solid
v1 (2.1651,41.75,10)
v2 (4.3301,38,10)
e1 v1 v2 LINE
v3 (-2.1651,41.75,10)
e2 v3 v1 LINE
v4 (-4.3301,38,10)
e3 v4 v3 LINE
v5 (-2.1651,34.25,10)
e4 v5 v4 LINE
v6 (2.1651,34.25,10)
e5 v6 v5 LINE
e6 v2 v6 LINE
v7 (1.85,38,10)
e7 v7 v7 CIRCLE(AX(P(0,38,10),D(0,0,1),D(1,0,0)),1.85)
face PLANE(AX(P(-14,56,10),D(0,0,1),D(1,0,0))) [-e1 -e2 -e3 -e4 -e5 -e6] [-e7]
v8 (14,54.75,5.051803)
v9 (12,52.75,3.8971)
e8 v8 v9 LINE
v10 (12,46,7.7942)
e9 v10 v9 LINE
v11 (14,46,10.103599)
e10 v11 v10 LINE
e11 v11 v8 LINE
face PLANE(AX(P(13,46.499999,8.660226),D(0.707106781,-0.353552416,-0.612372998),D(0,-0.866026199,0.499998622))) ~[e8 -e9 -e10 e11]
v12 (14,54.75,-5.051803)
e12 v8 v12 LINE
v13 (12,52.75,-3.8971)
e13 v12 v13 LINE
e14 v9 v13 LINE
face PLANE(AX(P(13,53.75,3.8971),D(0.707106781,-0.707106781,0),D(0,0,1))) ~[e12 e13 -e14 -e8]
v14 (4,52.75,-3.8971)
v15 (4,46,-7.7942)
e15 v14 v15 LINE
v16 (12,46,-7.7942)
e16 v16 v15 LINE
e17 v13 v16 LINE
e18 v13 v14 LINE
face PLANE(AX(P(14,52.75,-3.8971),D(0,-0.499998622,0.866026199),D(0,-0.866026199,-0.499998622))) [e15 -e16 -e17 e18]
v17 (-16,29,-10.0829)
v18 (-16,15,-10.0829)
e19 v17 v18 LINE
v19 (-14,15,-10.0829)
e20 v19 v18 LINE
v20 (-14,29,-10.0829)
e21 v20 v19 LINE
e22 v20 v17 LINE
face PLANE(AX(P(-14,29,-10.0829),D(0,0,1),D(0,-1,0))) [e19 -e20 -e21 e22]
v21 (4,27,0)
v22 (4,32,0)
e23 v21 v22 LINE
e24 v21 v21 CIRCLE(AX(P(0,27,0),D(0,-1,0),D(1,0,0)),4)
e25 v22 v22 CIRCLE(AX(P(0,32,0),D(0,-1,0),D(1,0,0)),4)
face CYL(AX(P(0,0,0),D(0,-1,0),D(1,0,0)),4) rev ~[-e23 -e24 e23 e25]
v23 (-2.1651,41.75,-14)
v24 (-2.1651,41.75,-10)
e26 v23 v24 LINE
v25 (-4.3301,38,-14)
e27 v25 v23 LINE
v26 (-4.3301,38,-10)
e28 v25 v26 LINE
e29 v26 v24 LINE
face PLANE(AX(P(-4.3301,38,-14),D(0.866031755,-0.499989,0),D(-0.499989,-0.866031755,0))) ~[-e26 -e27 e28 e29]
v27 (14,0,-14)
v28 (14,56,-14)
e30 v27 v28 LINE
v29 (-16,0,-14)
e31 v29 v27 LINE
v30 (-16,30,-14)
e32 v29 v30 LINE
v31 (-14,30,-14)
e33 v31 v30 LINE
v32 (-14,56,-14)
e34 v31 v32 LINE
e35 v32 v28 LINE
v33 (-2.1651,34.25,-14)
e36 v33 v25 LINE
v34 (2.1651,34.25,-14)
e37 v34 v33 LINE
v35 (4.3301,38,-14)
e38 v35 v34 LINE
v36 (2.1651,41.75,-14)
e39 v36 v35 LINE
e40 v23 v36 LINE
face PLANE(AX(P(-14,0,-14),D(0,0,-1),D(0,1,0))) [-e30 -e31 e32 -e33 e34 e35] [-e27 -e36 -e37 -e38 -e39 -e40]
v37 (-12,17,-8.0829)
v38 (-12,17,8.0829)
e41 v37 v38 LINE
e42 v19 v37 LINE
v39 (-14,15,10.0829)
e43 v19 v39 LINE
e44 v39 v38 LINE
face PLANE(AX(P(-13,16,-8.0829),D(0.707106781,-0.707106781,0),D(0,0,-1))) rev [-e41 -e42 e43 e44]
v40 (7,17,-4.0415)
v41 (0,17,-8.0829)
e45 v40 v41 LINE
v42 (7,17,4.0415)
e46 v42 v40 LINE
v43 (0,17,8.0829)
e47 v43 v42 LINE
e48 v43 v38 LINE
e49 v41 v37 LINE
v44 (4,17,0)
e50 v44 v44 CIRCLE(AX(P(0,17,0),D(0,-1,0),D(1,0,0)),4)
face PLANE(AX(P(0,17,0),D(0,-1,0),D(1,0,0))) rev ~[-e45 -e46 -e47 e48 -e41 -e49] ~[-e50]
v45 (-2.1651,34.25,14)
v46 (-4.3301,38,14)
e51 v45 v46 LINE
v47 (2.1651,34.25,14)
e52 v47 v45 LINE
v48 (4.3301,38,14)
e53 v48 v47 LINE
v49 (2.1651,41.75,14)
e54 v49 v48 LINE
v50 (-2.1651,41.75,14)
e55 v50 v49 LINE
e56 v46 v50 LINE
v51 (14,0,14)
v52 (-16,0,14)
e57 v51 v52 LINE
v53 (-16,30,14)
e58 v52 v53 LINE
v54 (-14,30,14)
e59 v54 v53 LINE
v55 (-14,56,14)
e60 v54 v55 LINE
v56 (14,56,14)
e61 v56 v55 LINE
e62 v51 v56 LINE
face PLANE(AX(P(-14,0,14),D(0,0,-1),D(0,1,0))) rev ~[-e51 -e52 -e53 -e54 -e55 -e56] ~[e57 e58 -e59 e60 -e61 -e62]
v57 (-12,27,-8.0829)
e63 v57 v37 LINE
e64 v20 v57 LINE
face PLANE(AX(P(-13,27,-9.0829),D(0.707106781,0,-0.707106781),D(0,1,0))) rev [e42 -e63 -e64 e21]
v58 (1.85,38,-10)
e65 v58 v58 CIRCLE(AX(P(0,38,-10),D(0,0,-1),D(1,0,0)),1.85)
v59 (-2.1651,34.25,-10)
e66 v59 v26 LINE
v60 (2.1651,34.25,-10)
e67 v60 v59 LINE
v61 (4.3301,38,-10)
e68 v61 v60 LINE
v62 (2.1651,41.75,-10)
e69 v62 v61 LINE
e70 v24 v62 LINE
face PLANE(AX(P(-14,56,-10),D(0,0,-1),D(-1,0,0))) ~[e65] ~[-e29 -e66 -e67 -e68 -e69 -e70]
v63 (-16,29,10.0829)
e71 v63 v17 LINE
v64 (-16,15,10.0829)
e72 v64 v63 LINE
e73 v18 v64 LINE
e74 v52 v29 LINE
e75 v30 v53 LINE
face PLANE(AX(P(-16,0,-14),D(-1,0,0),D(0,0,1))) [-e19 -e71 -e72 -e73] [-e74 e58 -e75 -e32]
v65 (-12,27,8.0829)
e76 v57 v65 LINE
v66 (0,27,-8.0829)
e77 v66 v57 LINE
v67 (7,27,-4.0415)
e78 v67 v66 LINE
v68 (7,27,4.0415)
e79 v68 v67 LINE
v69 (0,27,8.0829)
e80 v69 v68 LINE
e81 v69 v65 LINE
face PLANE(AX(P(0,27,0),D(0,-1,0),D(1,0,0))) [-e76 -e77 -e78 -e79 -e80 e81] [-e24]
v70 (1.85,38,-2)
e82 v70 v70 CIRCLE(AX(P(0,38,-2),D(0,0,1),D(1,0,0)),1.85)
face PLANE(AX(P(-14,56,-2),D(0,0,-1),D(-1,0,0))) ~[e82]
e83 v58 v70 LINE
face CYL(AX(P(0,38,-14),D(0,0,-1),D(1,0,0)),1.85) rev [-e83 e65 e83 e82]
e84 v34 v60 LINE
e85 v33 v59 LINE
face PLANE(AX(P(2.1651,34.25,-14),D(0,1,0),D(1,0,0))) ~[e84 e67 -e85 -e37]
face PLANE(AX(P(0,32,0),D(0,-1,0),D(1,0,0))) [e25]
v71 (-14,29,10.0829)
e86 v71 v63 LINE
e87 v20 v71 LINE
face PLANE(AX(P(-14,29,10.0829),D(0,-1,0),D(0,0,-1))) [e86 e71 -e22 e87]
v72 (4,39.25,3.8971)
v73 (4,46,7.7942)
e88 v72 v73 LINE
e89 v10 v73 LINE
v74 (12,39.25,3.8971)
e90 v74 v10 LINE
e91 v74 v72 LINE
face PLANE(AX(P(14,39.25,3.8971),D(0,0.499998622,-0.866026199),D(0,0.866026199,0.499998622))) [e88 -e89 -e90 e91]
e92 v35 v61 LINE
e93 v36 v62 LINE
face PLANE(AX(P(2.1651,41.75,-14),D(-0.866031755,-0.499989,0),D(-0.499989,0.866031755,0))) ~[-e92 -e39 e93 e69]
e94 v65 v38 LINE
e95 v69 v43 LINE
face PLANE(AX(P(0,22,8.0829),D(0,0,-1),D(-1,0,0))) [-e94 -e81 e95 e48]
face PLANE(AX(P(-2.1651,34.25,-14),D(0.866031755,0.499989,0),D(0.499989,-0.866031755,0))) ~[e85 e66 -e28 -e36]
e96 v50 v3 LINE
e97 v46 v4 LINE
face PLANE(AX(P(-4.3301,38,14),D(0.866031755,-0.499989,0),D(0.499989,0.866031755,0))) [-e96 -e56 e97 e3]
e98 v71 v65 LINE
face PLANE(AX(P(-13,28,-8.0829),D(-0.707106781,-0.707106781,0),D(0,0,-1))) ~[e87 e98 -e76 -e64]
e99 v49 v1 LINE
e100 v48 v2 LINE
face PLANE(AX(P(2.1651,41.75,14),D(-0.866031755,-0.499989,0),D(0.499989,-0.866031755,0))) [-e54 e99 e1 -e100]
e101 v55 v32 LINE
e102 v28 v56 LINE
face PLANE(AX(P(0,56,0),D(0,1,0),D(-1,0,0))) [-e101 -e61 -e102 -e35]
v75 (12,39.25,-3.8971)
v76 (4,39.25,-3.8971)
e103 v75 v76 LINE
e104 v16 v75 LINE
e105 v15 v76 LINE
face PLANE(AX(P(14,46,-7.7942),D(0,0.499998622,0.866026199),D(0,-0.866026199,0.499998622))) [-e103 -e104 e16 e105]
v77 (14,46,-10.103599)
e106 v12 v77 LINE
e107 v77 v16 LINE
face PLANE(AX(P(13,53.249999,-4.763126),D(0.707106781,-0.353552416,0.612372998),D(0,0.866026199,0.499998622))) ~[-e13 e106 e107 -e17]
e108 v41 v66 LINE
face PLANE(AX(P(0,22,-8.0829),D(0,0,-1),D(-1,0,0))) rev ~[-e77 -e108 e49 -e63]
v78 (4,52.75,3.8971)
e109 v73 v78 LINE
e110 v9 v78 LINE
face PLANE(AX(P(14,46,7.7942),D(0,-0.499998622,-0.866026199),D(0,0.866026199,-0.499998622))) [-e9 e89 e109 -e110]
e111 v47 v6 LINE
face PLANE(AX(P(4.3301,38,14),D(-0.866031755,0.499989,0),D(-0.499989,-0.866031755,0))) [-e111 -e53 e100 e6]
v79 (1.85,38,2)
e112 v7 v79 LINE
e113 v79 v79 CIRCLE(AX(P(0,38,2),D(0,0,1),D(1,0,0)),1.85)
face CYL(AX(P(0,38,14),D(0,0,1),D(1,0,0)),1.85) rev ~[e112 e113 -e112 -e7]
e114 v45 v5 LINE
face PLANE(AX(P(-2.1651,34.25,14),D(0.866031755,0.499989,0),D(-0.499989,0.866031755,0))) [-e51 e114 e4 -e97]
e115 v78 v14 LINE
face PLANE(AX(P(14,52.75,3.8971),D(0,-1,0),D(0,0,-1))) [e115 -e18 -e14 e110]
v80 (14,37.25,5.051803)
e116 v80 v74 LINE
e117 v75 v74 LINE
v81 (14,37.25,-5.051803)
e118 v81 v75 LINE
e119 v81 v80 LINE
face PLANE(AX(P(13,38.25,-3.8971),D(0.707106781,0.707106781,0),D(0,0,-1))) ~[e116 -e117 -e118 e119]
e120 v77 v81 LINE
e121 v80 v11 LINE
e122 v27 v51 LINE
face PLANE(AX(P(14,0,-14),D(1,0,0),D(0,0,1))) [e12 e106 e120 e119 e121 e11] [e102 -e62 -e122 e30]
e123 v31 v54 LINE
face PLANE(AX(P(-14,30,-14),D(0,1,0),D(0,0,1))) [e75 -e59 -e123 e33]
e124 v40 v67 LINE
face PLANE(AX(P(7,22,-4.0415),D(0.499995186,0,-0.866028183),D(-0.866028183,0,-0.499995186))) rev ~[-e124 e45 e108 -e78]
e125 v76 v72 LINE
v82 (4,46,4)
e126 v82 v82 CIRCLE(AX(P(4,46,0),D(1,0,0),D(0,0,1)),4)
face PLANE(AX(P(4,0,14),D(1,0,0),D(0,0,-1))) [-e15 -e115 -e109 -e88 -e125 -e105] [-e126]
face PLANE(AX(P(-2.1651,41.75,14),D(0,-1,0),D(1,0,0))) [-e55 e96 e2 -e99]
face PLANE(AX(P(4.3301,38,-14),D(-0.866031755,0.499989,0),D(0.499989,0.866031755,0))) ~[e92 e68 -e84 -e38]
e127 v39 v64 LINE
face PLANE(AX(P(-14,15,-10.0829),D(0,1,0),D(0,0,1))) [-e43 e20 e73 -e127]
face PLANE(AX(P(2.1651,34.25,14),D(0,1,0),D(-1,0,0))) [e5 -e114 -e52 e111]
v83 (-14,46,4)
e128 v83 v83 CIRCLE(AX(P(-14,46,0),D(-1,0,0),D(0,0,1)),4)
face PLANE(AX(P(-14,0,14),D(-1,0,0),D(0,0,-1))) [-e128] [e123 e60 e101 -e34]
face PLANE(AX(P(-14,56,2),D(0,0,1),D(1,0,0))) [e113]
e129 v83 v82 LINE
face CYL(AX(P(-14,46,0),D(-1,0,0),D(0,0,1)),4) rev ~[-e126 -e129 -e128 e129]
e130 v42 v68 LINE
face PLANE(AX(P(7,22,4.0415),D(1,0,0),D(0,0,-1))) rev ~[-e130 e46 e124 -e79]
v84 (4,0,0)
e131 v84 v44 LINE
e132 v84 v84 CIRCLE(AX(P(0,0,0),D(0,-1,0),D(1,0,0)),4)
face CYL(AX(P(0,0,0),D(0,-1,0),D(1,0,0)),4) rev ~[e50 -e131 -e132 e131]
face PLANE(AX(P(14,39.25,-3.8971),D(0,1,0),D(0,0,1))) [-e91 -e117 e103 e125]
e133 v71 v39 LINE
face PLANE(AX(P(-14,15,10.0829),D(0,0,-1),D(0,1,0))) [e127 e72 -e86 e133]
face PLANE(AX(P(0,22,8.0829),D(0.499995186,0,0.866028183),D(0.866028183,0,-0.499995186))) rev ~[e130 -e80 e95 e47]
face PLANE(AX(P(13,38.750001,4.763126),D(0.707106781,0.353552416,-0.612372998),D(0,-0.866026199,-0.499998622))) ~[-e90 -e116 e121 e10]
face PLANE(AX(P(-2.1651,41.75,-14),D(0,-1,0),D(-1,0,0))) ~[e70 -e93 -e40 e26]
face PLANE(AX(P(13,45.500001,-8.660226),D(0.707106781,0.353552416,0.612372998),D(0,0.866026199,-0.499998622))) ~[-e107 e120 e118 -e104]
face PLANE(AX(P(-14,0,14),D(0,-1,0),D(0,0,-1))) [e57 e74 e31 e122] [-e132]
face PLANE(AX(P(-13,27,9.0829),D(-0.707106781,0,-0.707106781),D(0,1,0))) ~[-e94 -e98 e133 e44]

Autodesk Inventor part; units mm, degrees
ref_plane "YZ Plane" through (0, 0, 0) normal (1, 0, 0) x (0, 1, 0)
ref_plane "XZ Plane" through (0, 0, 0) normal (0, 1, 0) x (-1, 0, 0)
ref_plane "XY Plane" through (0, 0, 0) normal (0, 0, 1) x (1, 0, 0)
sketch "Эскиз1" plane through (0, 0, 0) normal (0, 1, 0) x (-1, 0, 0)
  line L0 (-14, 14) -> (14, 14)
  line L1 (14, 14) -> (14, -14)
  line L2 (14, -14) -> (-14, -14)
  line L3 (-14, -14) -> (-14, 14)
  line L4 (-14, 14) -> (14, -14) construction
  line L5 (14, 14) -> (-14, -14) construction
  point P0 (0, 0)
  dimension "d0" = 28
  dimension "d1" = 28
extrude "Выдавливание1" add sketch "Эскиз1" along normal blind 56
sketch "Эскиз2" plane through (0, 0, 0) normal (0, -1, 0) x (1, 0, 0)
  circle A0 centre (0, 0) radius 4
extrude "Выдавливание2" cut sketch "Эскиз2" against normal blind 32
sketch "Эскиз3" plane through (-14, 0, -14) normal (-1, 0, 0) x (0, 0, 1)
  circle A0 centre (14, 46) radius 4 projected
  point P0 (14, 0)
extrude "Выдавливание3" cut sketch "Эскиз3" against normal through all
sketch "Эскиз4" plane through (14, 0, 14) normal (1, 0, 0) x (0, 0, -1)
  circle A0 centre (14, 46) radius 4 projected
  line L0 (6.2058, 46) -> (10.1029, 52.75)
  line L1 (10.1029, 52.75) -> (17.8971, 52.75)
  line L2 (17.8971, 52.75) -> (21.7942, 46)
  line L3 (21.7942, 46) -> (17.8971, 39.25)
  line L4 (17.8971, 39.25) -> (10.1029, 39.25)
  line L5 (10.1029, 39.25) -> (6.2058, 46)
  line L6 (0, 56) -> (28, 56) projected
  point P0 (14, 0)
  dimension "d8" = 13.5
extrude "Выдавливание4" cut sketch "Эскиз4" against normal blind 10
chamfer "Фаска1" distance 2 angle 45 6 edges at (14, 39.25, 0) (14, 42.625, -5.8457) (14, 49.375, -5.8457) (14, 52.75, 0) (14, 49.375, 5.8457) (14, 42.625, 5.8457)
ref_plane "РабПлоскость1" through (0, 22, 0) normal (0, -1, 0) x (1, 0, 0)
sketch "Эскиз5" plane through (0, 22, 0) normal (0, -1, 0) x (1, 0, 0)
  line L0 (0, 8.0829) -> (7, 4.0415)
  line L1 (7, 4.0415) -> (7, -4.0415)
  line L2 (7, -4.0415) -> (0, -8.0829)
  line L3 (0, -8.0829) -> (-7, -4.0415)
  line L4 (-7, -4.0415) -> (-7, 4.0415)
  line L5 (-7, 4.0415) -> (0, 8.0829)
  line L6 (0, 8.0829) -> (-14, 8.0829)
  line L7 (-14, -14) -> (-14, 14) projected
  line L8 (0, -8.0829) -> (-14, -8.0829)
  line L9 (-14, 8.0829) -> (-14, -8.0829)
  point P0 (0, 0)
  point P1 (0, 0)
  dimension "d15" = 14
extrude "Выдавливание5" cut sketch "Эскиз5" along normal mid plane 10
chamfer "Фаска2" distance 2 angle 45 4 edges at (-14, 27, 0) (-14, 22, 8.0829) (-14, 17, 0) (-14, 22, -8.0829)
sketch "Эскиз6" plane through (-14, 0, -14) normal (-1, 0, 0) x (0, 0, 1)
  line L0 (28, 0) -> (28, 56) projected
  line L1 (0, 0) -> (0, 56) projected
  line L2 (28, 0) -> (0, 0)
  line L3 (0, 0) -> (0, 30)
  line L4 (0, 30) -> (28, 30)
  line L5 (28, 30) -> (28, 0)
  line L6 (24.0829, 15) -> (24.0829, 29) projected
  line L7 (3.9171, 15) -> (24.0829, 15) projected
  line L8 (3.9171, 29) -> (3.9171, 15) projected
  line L9 (24.0829, 29) -> (3.9171, 29) projected
  point P0 (14, 0)
  point P1 (28, 30)
  dimension "d21" = 30
extrude "Выдавливание6" add sketch "Эскиз6" along normal blind 2
sketch "Эскиз7" plane through (-14, 56, 14) normal (0, 0, 1) x (1, 0, 0)
  circle A0 centre (14, -18) radius 1.85 projected
  point P0 (14, -56)
extrude "Выдавливание7" cut sketch "Эскиз7" against normal blind 12
mirror "Зеркальное отражение1" about plane through (0, 0, 0) normal (0, 0, 1) of "Выдавливание7"
sketch "Эскиз8" plane through (-14, 56, 14) normal (0, 0, 1) x (1, 0, 0)
  circle A0 centre (14, -18) radius 1.85 projected
  line L0 (9.6699, -18) -> (11.8349, -14.25)
  line L1 (11.8349, -14.25) -> (16.1651, -14.25)
  line L2 (16.1651, -14.25) -> (18.3301, -18)
  line L3 (18.3301, -18) -> (16.1651, -21.75)
  line L4 (16.1651, -21.75) -> (11.8349, -21.75)
  line L5 (11.8349, -21.75) -> (9.6699, -18)
  point P0 (14, -56)
  dimension "d26" = 7.5
extrude "Выдавливание8" cut sketch "Эскиз8" against normal blind 4 contours A0 | L0 L1 L2 L3 L4 L5
mirror "Зеркальное отражение2" about plane through (0, 0, 0) normal (0, 0, 1) of "Выдавливание8"
equation "\"d1\" = d0"
equation "\"d2\" = 2 * d0"
properties part number "000.001.001 - Уголок" material "Пластик АБС"
